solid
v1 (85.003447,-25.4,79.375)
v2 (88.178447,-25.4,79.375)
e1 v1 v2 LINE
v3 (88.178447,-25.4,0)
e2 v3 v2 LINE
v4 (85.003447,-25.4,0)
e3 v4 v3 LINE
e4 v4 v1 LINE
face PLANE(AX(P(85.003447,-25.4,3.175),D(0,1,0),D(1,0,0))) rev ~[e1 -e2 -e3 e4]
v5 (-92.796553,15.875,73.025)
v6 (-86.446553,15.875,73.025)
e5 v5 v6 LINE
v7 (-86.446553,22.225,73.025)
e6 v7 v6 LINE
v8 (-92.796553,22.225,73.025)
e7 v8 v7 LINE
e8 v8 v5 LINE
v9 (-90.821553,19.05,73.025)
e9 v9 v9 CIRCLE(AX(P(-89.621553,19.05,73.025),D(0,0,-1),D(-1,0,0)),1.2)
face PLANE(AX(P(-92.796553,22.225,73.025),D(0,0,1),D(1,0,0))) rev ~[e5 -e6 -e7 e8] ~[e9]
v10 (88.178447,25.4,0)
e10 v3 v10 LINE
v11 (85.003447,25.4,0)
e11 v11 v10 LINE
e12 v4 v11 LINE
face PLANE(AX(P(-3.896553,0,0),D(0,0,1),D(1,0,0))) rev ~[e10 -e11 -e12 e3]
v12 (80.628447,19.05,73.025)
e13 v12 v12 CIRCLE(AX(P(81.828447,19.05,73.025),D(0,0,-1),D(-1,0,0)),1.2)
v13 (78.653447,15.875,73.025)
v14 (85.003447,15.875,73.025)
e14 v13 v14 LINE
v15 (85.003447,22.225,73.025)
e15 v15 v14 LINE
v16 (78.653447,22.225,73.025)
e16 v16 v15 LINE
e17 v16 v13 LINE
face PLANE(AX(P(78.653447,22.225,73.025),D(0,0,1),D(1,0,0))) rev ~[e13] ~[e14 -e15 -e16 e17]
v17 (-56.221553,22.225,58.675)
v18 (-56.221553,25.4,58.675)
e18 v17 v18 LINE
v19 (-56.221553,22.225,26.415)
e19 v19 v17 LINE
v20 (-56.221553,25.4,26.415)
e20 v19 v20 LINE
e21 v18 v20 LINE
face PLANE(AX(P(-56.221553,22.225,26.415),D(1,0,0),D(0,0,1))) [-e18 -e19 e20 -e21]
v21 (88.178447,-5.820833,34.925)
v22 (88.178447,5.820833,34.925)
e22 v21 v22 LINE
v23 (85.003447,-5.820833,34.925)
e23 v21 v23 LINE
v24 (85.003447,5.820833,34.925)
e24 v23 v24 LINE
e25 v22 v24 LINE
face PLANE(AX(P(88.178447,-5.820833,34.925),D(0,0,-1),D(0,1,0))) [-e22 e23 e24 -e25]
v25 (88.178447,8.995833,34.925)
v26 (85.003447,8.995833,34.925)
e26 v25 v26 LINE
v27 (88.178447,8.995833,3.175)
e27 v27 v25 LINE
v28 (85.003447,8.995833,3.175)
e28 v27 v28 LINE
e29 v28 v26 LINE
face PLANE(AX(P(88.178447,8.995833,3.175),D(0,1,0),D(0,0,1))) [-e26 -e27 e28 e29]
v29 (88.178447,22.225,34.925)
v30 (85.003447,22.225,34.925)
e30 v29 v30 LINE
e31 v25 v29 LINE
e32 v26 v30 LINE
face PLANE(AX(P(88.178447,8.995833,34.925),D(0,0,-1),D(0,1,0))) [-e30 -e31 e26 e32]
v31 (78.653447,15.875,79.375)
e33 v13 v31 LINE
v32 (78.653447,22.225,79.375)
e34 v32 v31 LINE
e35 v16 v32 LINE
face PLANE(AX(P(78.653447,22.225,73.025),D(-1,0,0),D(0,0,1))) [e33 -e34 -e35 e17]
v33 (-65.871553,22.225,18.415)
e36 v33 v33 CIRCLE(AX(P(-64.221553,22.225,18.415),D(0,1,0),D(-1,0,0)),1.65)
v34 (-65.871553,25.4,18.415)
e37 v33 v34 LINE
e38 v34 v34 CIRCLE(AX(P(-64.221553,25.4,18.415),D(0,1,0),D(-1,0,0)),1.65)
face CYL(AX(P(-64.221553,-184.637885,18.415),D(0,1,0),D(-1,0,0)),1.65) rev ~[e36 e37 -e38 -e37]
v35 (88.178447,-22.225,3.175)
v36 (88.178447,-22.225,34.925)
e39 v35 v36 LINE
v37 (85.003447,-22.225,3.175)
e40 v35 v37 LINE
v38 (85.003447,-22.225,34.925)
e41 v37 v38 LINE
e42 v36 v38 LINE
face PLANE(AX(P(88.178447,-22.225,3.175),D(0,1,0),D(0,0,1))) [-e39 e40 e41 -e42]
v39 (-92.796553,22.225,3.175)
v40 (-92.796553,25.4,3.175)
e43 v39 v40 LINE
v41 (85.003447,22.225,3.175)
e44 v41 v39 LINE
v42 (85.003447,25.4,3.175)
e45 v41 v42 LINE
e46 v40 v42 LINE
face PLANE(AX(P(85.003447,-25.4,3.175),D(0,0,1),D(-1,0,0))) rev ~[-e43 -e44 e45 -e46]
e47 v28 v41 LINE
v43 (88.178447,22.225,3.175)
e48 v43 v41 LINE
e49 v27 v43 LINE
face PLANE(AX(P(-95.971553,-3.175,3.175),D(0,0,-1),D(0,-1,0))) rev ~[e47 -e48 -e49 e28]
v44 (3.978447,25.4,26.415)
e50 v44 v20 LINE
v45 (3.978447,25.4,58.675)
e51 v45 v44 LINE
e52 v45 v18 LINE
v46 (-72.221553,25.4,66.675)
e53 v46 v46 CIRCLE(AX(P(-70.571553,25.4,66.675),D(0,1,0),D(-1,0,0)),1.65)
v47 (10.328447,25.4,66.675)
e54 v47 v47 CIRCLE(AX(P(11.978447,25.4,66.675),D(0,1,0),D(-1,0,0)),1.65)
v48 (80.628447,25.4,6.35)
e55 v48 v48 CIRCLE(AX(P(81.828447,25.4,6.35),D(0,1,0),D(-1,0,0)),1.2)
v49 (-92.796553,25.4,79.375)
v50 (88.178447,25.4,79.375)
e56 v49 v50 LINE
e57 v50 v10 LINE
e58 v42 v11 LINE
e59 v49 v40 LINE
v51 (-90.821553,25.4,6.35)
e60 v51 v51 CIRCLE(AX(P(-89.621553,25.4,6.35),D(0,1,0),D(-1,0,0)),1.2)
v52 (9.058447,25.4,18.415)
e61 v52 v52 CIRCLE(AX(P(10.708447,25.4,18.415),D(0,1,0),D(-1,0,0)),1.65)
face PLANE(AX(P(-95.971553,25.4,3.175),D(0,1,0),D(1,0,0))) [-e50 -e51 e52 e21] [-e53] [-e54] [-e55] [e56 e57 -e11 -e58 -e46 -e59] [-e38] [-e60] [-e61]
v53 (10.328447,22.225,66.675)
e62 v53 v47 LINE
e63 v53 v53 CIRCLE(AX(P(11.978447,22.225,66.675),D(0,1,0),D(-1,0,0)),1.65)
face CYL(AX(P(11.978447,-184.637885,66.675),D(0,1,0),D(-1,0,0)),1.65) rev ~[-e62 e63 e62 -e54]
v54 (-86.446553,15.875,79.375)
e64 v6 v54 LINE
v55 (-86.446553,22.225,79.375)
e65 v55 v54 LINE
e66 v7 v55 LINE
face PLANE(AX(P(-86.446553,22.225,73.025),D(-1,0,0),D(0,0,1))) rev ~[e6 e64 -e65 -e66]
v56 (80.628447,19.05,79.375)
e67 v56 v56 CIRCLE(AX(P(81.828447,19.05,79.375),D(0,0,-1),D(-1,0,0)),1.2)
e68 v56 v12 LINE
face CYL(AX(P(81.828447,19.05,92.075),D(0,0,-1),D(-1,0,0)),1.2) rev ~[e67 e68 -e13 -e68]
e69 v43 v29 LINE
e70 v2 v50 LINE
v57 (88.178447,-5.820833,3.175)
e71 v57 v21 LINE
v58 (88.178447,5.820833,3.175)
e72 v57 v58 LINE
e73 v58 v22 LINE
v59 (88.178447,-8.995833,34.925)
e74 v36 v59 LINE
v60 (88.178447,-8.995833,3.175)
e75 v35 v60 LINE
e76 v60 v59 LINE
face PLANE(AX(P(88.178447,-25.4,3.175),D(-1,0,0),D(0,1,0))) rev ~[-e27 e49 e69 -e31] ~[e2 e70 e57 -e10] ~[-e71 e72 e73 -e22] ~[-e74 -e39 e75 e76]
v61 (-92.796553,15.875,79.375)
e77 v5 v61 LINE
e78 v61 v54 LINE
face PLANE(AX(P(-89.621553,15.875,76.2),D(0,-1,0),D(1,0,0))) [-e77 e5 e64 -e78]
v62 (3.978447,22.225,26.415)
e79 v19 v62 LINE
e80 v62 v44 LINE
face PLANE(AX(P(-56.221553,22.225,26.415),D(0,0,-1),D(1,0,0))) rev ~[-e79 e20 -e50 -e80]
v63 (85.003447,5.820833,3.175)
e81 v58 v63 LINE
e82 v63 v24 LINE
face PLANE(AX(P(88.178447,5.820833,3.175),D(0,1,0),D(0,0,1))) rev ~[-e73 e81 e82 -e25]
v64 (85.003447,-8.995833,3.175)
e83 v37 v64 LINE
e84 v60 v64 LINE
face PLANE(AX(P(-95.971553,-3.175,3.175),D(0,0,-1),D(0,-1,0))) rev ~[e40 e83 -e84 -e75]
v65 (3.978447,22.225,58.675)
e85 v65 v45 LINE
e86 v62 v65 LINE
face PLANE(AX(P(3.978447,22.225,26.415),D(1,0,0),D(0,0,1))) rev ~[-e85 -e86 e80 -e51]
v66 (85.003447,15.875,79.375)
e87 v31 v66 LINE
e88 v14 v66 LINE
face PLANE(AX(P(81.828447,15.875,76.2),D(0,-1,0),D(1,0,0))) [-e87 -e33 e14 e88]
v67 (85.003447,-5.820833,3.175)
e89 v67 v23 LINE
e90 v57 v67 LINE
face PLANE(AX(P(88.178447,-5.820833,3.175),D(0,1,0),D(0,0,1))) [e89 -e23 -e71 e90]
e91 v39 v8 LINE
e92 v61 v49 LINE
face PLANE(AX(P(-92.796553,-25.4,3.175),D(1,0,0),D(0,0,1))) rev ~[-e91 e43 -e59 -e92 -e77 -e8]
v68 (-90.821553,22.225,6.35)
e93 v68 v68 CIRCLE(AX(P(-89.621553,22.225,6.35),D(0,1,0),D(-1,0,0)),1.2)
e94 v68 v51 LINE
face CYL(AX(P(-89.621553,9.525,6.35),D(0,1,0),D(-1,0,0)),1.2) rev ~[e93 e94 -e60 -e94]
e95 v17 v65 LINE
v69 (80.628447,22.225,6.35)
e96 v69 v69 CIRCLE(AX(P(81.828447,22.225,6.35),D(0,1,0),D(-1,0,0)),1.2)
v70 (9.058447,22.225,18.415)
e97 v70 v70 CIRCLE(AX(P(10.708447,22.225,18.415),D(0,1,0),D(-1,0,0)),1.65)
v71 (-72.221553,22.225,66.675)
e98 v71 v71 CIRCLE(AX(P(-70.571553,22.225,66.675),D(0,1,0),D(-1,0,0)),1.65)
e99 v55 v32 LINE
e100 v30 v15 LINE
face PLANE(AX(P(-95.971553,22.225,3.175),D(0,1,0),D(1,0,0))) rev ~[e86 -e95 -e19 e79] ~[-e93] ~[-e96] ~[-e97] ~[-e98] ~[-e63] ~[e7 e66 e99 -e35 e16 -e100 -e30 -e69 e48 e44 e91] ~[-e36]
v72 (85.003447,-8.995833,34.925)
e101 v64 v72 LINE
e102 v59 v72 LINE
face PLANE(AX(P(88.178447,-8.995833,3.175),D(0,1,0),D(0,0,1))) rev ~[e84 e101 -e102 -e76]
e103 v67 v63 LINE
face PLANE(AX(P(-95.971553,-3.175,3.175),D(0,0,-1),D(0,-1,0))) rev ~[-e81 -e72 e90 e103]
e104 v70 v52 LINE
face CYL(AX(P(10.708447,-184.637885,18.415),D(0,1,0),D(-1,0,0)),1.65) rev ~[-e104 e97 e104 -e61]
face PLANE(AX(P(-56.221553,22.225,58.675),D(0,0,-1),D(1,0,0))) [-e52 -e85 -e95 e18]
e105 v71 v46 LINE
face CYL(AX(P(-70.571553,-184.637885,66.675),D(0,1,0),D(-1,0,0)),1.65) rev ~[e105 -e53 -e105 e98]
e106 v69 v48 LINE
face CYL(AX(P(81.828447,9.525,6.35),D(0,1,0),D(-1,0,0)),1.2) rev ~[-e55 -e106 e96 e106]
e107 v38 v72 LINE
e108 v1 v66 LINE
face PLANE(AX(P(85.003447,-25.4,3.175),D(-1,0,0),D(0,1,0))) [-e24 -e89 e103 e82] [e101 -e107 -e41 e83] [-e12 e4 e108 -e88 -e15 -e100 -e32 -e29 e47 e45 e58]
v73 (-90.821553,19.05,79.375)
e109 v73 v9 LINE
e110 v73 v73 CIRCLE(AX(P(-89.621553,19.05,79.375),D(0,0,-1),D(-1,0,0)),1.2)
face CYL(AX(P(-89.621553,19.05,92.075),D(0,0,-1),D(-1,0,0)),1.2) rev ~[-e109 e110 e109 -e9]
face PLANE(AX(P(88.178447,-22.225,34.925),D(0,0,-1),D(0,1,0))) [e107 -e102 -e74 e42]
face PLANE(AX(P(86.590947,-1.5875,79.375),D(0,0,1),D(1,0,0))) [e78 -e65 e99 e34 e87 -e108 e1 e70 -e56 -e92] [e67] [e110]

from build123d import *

# Parameters (mm, degrees)
F0_W      = 184.15
F0_H      = 50.8
F1_DEPTH  = 3.175
F3_D      = 3.2
F4_W      = 184.15
F4_H      = 3.175
F5_DEPTH  = 76.2
F7_D      = 3.3
F8_W      = 3.175
F8_H      = 47.625
F9_DEPTH  = 76.2
F10_W     = 19.05
F10_H     = 34.925
F11_DEPTH = 3.175
F12_W     = 3.175
F12_H     = 47.625
F13_DEPTH = 76.2
F14_W     = 13.2291666667
F14_H     = 31.75
F14_W_2   = 11.6416666667
F15_DEPTH = 3.175
F16_W     = 6.35
F16_H     = 6.35
F17_DEPTH = 6.35
F19_D     = 2.4
F19_DEPTH = 12.7
F19_TIP   = 0.7210327428
F20_W     = 121.4
F20_H     = 34.925
F21_DEPTH = 25.4
F22_W     = 60.2
F22_H     = 32.26
F23_DEPTH = 25.4
F25_DEPTH = 50.801
F27_D     = 2.4
F27_DEPTH = 12.7
F27_TIP   = 0.7210327428


with BuildPart() as f1:
    # F0 (on Top) → F1 (new body)
    with BuildSketch(Plane.XY):
        with Locations((-3.8965528874, 0)):
            Rectangle(F0_W, F0_H)
    extrude(amount=F1_DEPTH)

    # F3 (through all)
    with Locations(Plane.XY.offset(3.175)):
        with Locations((-78.8965528874, 9.525), (-78.8965528874, -15.475), (71.1034471126, -15.475), (71.1034471126, 9.525)):
            Hole(F3_D / 2)

    # F4 (on face) → F5 (join)
    with BuildSketch(Plane.XY.offset(3.175)):
        with Locations((-3.8965528874, 23.8125)):
            Rectangle(F4_W, F4_H)
    extrude(amount=F5_DEPTH)

    # F7 (through all)
    with Locations(Plane.XZ.offset(-22.225)):
        with Locations((-70.5715528874, 66.675), (11.9784471126, 66.675), (10.7084471126, 18.415), (-64.2215528874, 18.415)):
            Hole(F7_D / 2)

    # F8 (on face) → F9 (join)
    with BuildSketch(Plane.XY.offset(3.175)):
        with Locations((-94.3840528874, -1.5875)):
            Rectangle(F8_W, F8_H)
    extrude(amount=F9_DEPTH)

    # F10 (on face) → F11 (cut, through all)
    with BuildSketch(Plane(origin=(-95.9715528874, 0, 0), x_dir=(0, -1, 0), z_dir=(-1, 0, 0))):
        with Locations((12.7, 58.7375)):
            Rectangle(F10_W, F10_H)
        with Locations((12.7, 20.6375)):
            Rectangle(F10_W, F10_H)
    extrude(amount=-F11_DEPTH, mode=Mode.SUBTRACT)

    # F12 (on face) → F13 (join)
    with BuildSketch(Plane.XY.offset(3.175)):
        with Locations((86.5909471126, -1.5875)):
            Rectangle(F12_W, F12_H)
    extrude(amount=F13_DEPTH)

    # F14 (on face) → F15 (cut, through all)
    with BuildSketch(Plane.YZ.offset(88.1784471126)):
        with Locations((-15.6104166667, 19.05)):
            Rectangle(F14_W, F14_H)
        with Locations((0, 19.05)):
            Rectangle(F14_W_2, F14_H)
        with Locations((15.6104166667, 19.05)):
            Rectangle(F14_W, F14_H)
    extrude(amount=-F15_DEPTH, mode=Mode.SUBTRACT)

    # F16 (on face) → F17 (join)
    with BuildSketch(Plane.XZ.offset(-22.225)):
        with Locations((-89.6215528874, 76.2)):
            Rectangle(F16_W, F16_H)
        with Locations((81.8284471126, 76.2)):
            Rectangle(F16_W, F16_H)
    extrude(amount=F17_DEPTH)

    # F19
    with Locations(Plane.XY.offset(79.375)):
        with Locations((-89.6215528874, 19.05), (81.8284471126, 19.05)):
            Hole(F19_D / 2, depth=F19_DEPTH)
            with Locations((0, 0, -(F19_DEPTH + F19_TIP / 2))):  # 118° drill point
                Cone(0, F19_D / 2, F19_TIP, mode=Mode.SUBTRACT)

    # F20 (on face) → F21 (cut)
    with BuildSketch(Plane.XY.offset(3.175)):
        with Locations((-3.8965528874, -1.5875)):
            Rectangle(F20_W, F20_H)
    extrude(amount=-F21_DEPTH, mode=Mode.SUBTRACT)

    # F22 (on face) → F23 (cut)
    with BuildSketch(Plane.XZ.offset(-22.225)):
        with Locations((-26.1215528874, 42.545)):
            Rectangle(F22_W, F22_H)
    extrude(amount=-F23_DEPTH, mode=Mode.SUBTRACT)

    # F24 (on face) → F25 (cut, through all)
    with BuildSketch(Plane.XZ.offset(25.4)):
        Polygon((-92.7965528874, 79.375), (-95.9715528874, 79.375), (-95.9715528874, 0), (85.0034471126, 0), (85.0034471126, 3.175), (-92.7965528874, 3.175), align=None)
    extrude(amount=-F25_DEPTH, mode=Mode.SUBTRACT)

    # F27
    with Locations(Plane.XZ.offset(-22.225)):
        with Locations((-89.6215528874, 6.35), (81.8284471126, 6.35)):
            Hole(F27_D / 2, depth=F27_DEPTH)
            with Locations((0, 0, -(F27_DEPTH + F27_TIP / 2))):  # 118° drill point
                Cone(0, F27_D / 2, F27_TIP, mode=Mode.SUBTRACT)


solid = f1.part
